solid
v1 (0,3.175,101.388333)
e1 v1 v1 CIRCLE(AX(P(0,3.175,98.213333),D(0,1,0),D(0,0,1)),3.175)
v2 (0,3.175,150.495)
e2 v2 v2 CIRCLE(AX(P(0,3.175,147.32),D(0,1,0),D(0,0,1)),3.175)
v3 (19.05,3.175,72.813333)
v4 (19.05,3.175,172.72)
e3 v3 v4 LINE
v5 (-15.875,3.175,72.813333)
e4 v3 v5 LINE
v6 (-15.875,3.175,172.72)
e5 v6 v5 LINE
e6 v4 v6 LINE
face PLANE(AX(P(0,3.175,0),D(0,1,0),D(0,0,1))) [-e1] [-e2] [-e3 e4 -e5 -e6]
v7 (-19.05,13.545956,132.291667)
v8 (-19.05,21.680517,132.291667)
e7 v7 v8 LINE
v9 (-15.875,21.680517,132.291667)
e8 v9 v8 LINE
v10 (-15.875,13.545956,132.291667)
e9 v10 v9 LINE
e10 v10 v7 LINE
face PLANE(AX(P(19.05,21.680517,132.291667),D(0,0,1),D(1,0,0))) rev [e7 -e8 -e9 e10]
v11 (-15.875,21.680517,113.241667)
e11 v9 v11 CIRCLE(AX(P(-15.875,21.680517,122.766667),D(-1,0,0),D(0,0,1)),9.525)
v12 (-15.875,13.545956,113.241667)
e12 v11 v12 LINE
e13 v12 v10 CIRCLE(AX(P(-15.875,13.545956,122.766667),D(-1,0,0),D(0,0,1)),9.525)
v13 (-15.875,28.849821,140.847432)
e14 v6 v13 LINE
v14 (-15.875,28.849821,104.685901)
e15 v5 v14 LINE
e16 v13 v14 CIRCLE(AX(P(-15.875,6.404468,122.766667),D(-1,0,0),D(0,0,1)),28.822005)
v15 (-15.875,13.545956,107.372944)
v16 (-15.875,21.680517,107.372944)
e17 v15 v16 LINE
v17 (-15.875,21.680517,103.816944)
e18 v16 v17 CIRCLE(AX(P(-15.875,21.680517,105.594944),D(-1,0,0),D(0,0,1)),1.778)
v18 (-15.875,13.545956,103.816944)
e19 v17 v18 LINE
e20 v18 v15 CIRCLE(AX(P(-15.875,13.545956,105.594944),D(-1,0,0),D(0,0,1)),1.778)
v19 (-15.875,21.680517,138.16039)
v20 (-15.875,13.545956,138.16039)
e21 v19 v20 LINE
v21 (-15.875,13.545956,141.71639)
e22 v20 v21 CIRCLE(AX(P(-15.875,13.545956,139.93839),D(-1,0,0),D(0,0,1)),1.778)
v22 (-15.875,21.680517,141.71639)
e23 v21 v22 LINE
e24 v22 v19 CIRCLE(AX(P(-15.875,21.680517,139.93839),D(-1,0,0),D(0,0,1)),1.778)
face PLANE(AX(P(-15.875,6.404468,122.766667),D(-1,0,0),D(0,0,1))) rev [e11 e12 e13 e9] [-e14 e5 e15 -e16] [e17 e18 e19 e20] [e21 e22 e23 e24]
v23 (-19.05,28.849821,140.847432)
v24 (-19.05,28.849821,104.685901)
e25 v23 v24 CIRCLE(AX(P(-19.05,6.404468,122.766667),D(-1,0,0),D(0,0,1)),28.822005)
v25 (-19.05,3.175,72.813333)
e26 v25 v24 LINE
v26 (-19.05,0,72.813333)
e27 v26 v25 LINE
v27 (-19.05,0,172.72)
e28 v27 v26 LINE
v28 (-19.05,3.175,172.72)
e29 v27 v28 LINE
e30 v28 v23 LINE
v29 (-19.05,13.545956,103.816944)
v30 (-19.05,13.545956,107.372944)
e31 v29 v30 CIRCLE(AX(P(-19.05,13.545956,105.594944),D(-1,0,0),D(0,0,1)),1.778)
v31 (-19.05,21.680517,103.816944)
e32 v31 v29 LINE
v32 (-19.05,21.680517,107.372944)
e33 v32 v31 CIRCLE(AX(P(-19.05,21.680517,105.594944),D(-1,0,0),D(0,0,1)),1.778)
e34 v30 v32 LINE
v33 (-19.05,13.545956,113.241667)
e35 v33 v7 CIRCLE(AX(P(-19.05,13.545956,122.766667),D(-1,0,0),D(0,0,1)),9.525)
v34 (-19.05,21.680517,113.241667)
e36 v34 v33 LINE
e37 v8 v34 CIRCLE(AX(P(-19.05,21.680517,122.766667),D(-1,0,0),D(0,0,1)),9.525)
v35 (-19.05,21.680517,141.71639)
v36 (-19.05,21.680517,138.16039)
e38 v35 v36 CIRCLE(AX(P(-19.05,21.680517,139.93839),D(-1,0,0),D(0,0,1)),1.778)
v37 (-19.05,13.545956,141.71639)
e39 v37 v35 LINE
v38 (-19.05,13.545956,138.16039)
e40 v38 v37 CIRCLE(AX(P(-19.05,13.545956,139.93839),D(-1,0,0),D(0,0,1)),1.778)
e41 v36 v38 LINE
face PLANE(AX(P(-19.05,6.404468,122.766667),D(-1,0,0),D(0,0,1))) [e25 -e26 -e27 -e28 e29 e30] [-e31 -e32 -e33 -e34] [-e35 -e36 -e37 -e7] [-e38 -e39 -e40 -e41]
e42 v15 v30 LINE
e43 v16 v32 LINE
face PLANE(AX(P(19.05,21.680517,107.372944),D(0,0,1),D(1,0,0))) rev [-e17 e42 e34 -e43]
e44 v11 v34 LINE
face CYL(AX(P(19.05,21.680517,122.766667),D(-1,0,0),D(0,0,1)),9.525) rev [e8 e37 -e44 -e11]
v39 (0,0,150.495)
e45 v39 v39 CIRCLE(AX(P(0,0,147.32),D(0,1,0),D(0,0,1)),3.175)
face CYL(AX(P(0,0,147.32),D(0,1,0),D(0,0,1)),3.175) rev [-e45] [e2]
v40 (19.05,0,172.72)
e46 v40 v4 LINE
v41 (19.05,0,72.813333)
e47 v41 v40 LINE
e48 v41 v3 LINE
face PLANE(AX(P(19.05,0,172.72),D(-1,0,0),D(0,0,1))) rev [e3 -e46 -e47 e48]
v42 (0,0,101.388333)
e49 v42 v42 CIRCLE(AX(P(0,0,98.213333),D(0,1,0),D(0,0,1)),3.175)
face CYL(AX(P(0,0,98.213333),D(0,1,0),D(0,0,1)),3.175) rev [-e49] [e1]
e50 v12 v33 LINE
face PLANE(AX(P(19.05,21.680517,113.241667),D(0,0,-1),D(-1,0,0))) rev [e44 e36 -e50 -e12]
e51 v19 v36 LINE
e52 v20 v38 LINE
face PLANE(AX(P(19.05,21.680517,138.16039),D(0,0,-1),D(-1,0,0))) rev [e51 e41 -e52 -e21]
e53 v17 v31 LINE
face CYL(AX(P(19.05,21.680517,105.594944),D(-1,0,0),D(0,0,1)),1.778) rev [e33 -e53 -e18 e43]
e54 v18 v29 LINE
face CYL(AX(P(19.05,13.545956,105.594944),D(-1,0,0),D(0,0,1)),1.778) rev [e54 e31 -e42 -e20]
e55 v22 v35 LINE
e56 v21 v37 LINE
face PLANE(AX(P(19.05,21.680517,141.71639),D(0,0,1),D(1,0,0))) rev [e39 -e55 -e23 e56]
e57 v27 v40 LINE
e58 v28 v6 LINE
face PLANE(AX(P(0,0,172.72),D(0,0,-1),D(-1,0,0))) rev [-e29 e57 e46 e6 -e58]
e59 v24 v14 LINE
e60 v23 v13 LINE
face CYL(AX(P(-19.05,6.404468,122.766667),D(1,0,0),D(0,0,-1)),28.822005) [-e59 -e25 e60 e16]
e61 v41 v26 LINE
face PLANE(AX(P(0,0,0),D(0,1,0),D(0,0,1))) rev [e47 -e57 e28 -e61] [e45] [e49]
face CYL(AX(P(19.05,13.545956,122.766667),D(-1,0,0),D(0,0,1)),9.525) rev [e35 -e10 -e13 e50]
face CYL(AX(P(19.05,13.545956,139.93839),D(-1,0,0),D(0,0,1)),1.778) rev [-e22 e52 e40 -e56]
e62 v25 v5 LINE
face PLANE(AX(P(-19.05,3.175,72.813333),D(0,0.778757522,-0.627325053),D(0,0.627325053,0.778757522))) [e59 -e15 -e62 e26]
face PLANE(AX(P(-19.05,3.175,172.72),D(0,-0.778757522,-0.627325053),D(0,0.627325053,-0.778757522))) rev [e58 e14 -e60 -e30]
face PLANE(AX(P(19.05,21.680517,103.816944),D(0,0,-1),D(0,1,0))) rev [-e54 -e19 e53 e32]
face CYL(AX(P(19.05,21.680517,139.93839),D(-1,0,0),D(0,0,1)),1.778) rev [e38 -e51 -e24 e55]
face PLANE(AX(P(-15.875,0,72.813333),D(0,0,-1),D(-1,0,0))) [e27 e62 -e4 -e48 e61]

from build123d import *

# Parameters (mm, degrees)
SKETCH1_W           = 133.35
SKETCH1_H           = 50.8
BOSS_EXTRUDE1_DEPTH = 3.175
SKETCH4_W           = 76.2
SKETCH4_H           = 3.175
BOSS_EXTRUDE2_DEPTH = 147.32
SKETCH3_R           = 3.175
CUT_EXTRUDE2_DEPTH  = 4.175
SKETCH5_W           = 133.35
SKETCH5_H           = 88.9
CUT_EXTRUDE3_DEPTH  = 4.175
SKETCH7_W           = 22.225
SKETCH7_H           = 109.22
CUT_EXTRUDE4_DEPTH  = 4.175
SKETCH8_OUTSIDE_W   = 80.349
SKETCH8_OUTSIDE_H   = 135.594
SKETCH8_OUTSIDE_W_2 = 47.625
SKETCH8_OUTSIDE_H_2 = 99.906666667
CUT_EXTRUDE5_DEPTH  = 4.175
BOSS_EXTRUDE4_DEPTH = 3.175
SKETCH10_W          = 12.7
SKETCH10_H          = 99.906666667
CUT_EXTRUDE6_DEPTH  = 4.175
CUT_EXTRUDE7_DEPTH  = 39.1


with BuildPart() as part:
    # Sketch1 → Boss-Extrude1 (new body)
    with BuildSketch(Plane(origin=(0, 0, 0), x_dir=(1, 0, 0), z_dir=(0, 1, 0))):
        Rectangle(SKETCH1_W, SKETCH1_H)
    extrude(amount=BOSS_EXTRUDE1_DEPTH)

    # Sketch4 → Boss-Extrude2 (add)
    with BuildSketch(Plane.XY.offset(25.4)):
        with Locations((0, 1.5875)):
            Rectangle(SKETCH4_W, SKETCH4_H)
    extrude(amount=BOSS_EXTRUDE2_DEPTH)

    # Sketch3 → Cut-Extrude2 (cut, through all)
    with BuildSketch(Plane(origin=(0, 3.175, 0), x_dir=(1, 0, 0), z_dir=(0, 1, 0))):
        Circle(SKETCH3_R)
        with Locations((0, -49.106666667)):
            Circle(SKETCH3_R)
        with Locations((0, -98.213333333)):
            Circle(SKETCH3_R)
        with Locations((0, -147.32)):
            Circle(SKETCH3_R)
    extrude(amount=-CUT_EXTRUDE2_DEPTH, mode=Mode.SUBTRACT)

    # Sketch5 → Cut-Extrude3 (cut, through all)
    with BuildSketch(Plane(origin=(0, 3.175, 0), x_dir=(1, 0, 0), z_dir=(0, 1, 0))):
        with Locations((0, -19.05)):
            Rectangle(SKETCH5_W, SKETCH5_H)
    extrude(amount=-CUT_EXTRUDE3_DEPTH, mode=Mode.SUBTRACT)

    # Sketch7 → Cut-Extrude4 (cut, through all)
    with BuildSketch(Plane(origin=(0, 3.175, 0), x_dir=(1, 0, 0), z_dir=(0, 1, 0))):
        with Locations((-26.9875, -118.11)):
            Rectangle(SKETCH7_W, SKETCH7_H)
    extrude(amount=-CUT_EXTRUDE4_DEPTH, mode=Mode.SUBTRACT)

    # Sketch8 outside → Cut-Extrude5 (cut, through all)
    with BuildSketch(Plane(origin=(0, 3.175, 0), x_dir=(1, 0, 0), z_dir=(0, 1, 0))):
        with Locations((11.1125, -118.11)):
            Rectangle(SKETCH8_OUTSIDE_W, SKETCH8_OUTSIDE_H)
        with Locations((7.9375, -122.766666667)):
            Rectangle(SKETCH8_OUTSIDE_W_2, SKETCH8_OUTSIDE_H_2, mode=Mode.SUBTRACT)
    extrude(amount=-CUT_EXTRUDE5_DEPTH, mode=Mode.SUBTRACT)

    # Sketch9 → Boss-Extrude4 (add)
    with BuildSketch(Plane.ZY.offset(15.875)):
        with BuildLine():
            Line((172.72, 3.175), (140.847432308, 28.849821314))
            ThreePointArc((140.847432308, 28.849821314), (122.766666667, 35.226473065), (104.685901025, 28.849821314))
            Line((104.685901025, 28.849821314), (72.813333333, 3.175))
            Line((72.813333333, 3.175), (72.813333333, 0))
            Line((72.813333333, 0), (172.72, 0))
            Line((172.72, 0), (172.72, 3.175))
        make_face()
    extrude(amount=BOSS_EXTRUDE4_DEPTH)

    # Sketch10 → Cut-Extrude6 (cut, through all)
    with BuildSketch(Plane(origin=(0, 3.175, 0), x_dir=(1, 0, 0), z_dir=(0, 1, 0))):
        with Locations((25.4, -122.766666667)):
            Rectangle(SKETCH10_W, SKETCH10_H)
    extrude(amount=-CUT_EXTRUDE6_DEPTH, mode=Mode.SUBTRACT)

    # Sketch11 → Cut-Extrude7 (cut, through all)
    with BuildSketch(Plane.ZY.offset(19.05)):
        with BuildLine():
            Line((132.291666667, 21.680516849), (132.291666667, 13.545956216))
            ThreePointArc((132.291666667, 13.545956216), (122.766666667, 4.020956216), (113.241666667, 13.545956216))
            Line((113.241666667, 13.545956216), (113.241666667, 21.680516849))
            ThreePointArc((113.241666667, 21.680516849), (122.766666667, 31.205516849), (132.291666667, 21.680516849))
        make_face()
        with BuildLine():
            Line((141.71638956, 21.680516849), (141.71638956, 13.545956216))
            ThreePointArc((141.71638956, 13.545956216), (139.93838956, 11.767956216), (138.16038956, 13.545956216))
            Line((138.16038956, 13.545956216), (138.16038956, 21.680516849))
            ThreePointArc((138.16038956, 21.680516849), (139.93838956, 23.458516849), (141.71638956, 21.680516849))
        make_face()
        with BuildLine():
            Line((107.372943773, 21.680516849), (107.372943773, 13.545956216))
            ThreePointArc((107.372943773, 13.545956216), (105.594943773, 11.767956216), (103.816943773, 13.545956216))
            Line((103.816943773, 13.545956216), (103.816943773, 21.680516849))
            ThreePointArc((103.816943773, 21.680516849), (105.594943773, 23.458516849), (107.372943773, 21.680516849))
        make_face()
    extrude(amount=-CUT_EXTRUDE7_DEPTH, mode=Mode.SUBTRACT)


solid = part.part
